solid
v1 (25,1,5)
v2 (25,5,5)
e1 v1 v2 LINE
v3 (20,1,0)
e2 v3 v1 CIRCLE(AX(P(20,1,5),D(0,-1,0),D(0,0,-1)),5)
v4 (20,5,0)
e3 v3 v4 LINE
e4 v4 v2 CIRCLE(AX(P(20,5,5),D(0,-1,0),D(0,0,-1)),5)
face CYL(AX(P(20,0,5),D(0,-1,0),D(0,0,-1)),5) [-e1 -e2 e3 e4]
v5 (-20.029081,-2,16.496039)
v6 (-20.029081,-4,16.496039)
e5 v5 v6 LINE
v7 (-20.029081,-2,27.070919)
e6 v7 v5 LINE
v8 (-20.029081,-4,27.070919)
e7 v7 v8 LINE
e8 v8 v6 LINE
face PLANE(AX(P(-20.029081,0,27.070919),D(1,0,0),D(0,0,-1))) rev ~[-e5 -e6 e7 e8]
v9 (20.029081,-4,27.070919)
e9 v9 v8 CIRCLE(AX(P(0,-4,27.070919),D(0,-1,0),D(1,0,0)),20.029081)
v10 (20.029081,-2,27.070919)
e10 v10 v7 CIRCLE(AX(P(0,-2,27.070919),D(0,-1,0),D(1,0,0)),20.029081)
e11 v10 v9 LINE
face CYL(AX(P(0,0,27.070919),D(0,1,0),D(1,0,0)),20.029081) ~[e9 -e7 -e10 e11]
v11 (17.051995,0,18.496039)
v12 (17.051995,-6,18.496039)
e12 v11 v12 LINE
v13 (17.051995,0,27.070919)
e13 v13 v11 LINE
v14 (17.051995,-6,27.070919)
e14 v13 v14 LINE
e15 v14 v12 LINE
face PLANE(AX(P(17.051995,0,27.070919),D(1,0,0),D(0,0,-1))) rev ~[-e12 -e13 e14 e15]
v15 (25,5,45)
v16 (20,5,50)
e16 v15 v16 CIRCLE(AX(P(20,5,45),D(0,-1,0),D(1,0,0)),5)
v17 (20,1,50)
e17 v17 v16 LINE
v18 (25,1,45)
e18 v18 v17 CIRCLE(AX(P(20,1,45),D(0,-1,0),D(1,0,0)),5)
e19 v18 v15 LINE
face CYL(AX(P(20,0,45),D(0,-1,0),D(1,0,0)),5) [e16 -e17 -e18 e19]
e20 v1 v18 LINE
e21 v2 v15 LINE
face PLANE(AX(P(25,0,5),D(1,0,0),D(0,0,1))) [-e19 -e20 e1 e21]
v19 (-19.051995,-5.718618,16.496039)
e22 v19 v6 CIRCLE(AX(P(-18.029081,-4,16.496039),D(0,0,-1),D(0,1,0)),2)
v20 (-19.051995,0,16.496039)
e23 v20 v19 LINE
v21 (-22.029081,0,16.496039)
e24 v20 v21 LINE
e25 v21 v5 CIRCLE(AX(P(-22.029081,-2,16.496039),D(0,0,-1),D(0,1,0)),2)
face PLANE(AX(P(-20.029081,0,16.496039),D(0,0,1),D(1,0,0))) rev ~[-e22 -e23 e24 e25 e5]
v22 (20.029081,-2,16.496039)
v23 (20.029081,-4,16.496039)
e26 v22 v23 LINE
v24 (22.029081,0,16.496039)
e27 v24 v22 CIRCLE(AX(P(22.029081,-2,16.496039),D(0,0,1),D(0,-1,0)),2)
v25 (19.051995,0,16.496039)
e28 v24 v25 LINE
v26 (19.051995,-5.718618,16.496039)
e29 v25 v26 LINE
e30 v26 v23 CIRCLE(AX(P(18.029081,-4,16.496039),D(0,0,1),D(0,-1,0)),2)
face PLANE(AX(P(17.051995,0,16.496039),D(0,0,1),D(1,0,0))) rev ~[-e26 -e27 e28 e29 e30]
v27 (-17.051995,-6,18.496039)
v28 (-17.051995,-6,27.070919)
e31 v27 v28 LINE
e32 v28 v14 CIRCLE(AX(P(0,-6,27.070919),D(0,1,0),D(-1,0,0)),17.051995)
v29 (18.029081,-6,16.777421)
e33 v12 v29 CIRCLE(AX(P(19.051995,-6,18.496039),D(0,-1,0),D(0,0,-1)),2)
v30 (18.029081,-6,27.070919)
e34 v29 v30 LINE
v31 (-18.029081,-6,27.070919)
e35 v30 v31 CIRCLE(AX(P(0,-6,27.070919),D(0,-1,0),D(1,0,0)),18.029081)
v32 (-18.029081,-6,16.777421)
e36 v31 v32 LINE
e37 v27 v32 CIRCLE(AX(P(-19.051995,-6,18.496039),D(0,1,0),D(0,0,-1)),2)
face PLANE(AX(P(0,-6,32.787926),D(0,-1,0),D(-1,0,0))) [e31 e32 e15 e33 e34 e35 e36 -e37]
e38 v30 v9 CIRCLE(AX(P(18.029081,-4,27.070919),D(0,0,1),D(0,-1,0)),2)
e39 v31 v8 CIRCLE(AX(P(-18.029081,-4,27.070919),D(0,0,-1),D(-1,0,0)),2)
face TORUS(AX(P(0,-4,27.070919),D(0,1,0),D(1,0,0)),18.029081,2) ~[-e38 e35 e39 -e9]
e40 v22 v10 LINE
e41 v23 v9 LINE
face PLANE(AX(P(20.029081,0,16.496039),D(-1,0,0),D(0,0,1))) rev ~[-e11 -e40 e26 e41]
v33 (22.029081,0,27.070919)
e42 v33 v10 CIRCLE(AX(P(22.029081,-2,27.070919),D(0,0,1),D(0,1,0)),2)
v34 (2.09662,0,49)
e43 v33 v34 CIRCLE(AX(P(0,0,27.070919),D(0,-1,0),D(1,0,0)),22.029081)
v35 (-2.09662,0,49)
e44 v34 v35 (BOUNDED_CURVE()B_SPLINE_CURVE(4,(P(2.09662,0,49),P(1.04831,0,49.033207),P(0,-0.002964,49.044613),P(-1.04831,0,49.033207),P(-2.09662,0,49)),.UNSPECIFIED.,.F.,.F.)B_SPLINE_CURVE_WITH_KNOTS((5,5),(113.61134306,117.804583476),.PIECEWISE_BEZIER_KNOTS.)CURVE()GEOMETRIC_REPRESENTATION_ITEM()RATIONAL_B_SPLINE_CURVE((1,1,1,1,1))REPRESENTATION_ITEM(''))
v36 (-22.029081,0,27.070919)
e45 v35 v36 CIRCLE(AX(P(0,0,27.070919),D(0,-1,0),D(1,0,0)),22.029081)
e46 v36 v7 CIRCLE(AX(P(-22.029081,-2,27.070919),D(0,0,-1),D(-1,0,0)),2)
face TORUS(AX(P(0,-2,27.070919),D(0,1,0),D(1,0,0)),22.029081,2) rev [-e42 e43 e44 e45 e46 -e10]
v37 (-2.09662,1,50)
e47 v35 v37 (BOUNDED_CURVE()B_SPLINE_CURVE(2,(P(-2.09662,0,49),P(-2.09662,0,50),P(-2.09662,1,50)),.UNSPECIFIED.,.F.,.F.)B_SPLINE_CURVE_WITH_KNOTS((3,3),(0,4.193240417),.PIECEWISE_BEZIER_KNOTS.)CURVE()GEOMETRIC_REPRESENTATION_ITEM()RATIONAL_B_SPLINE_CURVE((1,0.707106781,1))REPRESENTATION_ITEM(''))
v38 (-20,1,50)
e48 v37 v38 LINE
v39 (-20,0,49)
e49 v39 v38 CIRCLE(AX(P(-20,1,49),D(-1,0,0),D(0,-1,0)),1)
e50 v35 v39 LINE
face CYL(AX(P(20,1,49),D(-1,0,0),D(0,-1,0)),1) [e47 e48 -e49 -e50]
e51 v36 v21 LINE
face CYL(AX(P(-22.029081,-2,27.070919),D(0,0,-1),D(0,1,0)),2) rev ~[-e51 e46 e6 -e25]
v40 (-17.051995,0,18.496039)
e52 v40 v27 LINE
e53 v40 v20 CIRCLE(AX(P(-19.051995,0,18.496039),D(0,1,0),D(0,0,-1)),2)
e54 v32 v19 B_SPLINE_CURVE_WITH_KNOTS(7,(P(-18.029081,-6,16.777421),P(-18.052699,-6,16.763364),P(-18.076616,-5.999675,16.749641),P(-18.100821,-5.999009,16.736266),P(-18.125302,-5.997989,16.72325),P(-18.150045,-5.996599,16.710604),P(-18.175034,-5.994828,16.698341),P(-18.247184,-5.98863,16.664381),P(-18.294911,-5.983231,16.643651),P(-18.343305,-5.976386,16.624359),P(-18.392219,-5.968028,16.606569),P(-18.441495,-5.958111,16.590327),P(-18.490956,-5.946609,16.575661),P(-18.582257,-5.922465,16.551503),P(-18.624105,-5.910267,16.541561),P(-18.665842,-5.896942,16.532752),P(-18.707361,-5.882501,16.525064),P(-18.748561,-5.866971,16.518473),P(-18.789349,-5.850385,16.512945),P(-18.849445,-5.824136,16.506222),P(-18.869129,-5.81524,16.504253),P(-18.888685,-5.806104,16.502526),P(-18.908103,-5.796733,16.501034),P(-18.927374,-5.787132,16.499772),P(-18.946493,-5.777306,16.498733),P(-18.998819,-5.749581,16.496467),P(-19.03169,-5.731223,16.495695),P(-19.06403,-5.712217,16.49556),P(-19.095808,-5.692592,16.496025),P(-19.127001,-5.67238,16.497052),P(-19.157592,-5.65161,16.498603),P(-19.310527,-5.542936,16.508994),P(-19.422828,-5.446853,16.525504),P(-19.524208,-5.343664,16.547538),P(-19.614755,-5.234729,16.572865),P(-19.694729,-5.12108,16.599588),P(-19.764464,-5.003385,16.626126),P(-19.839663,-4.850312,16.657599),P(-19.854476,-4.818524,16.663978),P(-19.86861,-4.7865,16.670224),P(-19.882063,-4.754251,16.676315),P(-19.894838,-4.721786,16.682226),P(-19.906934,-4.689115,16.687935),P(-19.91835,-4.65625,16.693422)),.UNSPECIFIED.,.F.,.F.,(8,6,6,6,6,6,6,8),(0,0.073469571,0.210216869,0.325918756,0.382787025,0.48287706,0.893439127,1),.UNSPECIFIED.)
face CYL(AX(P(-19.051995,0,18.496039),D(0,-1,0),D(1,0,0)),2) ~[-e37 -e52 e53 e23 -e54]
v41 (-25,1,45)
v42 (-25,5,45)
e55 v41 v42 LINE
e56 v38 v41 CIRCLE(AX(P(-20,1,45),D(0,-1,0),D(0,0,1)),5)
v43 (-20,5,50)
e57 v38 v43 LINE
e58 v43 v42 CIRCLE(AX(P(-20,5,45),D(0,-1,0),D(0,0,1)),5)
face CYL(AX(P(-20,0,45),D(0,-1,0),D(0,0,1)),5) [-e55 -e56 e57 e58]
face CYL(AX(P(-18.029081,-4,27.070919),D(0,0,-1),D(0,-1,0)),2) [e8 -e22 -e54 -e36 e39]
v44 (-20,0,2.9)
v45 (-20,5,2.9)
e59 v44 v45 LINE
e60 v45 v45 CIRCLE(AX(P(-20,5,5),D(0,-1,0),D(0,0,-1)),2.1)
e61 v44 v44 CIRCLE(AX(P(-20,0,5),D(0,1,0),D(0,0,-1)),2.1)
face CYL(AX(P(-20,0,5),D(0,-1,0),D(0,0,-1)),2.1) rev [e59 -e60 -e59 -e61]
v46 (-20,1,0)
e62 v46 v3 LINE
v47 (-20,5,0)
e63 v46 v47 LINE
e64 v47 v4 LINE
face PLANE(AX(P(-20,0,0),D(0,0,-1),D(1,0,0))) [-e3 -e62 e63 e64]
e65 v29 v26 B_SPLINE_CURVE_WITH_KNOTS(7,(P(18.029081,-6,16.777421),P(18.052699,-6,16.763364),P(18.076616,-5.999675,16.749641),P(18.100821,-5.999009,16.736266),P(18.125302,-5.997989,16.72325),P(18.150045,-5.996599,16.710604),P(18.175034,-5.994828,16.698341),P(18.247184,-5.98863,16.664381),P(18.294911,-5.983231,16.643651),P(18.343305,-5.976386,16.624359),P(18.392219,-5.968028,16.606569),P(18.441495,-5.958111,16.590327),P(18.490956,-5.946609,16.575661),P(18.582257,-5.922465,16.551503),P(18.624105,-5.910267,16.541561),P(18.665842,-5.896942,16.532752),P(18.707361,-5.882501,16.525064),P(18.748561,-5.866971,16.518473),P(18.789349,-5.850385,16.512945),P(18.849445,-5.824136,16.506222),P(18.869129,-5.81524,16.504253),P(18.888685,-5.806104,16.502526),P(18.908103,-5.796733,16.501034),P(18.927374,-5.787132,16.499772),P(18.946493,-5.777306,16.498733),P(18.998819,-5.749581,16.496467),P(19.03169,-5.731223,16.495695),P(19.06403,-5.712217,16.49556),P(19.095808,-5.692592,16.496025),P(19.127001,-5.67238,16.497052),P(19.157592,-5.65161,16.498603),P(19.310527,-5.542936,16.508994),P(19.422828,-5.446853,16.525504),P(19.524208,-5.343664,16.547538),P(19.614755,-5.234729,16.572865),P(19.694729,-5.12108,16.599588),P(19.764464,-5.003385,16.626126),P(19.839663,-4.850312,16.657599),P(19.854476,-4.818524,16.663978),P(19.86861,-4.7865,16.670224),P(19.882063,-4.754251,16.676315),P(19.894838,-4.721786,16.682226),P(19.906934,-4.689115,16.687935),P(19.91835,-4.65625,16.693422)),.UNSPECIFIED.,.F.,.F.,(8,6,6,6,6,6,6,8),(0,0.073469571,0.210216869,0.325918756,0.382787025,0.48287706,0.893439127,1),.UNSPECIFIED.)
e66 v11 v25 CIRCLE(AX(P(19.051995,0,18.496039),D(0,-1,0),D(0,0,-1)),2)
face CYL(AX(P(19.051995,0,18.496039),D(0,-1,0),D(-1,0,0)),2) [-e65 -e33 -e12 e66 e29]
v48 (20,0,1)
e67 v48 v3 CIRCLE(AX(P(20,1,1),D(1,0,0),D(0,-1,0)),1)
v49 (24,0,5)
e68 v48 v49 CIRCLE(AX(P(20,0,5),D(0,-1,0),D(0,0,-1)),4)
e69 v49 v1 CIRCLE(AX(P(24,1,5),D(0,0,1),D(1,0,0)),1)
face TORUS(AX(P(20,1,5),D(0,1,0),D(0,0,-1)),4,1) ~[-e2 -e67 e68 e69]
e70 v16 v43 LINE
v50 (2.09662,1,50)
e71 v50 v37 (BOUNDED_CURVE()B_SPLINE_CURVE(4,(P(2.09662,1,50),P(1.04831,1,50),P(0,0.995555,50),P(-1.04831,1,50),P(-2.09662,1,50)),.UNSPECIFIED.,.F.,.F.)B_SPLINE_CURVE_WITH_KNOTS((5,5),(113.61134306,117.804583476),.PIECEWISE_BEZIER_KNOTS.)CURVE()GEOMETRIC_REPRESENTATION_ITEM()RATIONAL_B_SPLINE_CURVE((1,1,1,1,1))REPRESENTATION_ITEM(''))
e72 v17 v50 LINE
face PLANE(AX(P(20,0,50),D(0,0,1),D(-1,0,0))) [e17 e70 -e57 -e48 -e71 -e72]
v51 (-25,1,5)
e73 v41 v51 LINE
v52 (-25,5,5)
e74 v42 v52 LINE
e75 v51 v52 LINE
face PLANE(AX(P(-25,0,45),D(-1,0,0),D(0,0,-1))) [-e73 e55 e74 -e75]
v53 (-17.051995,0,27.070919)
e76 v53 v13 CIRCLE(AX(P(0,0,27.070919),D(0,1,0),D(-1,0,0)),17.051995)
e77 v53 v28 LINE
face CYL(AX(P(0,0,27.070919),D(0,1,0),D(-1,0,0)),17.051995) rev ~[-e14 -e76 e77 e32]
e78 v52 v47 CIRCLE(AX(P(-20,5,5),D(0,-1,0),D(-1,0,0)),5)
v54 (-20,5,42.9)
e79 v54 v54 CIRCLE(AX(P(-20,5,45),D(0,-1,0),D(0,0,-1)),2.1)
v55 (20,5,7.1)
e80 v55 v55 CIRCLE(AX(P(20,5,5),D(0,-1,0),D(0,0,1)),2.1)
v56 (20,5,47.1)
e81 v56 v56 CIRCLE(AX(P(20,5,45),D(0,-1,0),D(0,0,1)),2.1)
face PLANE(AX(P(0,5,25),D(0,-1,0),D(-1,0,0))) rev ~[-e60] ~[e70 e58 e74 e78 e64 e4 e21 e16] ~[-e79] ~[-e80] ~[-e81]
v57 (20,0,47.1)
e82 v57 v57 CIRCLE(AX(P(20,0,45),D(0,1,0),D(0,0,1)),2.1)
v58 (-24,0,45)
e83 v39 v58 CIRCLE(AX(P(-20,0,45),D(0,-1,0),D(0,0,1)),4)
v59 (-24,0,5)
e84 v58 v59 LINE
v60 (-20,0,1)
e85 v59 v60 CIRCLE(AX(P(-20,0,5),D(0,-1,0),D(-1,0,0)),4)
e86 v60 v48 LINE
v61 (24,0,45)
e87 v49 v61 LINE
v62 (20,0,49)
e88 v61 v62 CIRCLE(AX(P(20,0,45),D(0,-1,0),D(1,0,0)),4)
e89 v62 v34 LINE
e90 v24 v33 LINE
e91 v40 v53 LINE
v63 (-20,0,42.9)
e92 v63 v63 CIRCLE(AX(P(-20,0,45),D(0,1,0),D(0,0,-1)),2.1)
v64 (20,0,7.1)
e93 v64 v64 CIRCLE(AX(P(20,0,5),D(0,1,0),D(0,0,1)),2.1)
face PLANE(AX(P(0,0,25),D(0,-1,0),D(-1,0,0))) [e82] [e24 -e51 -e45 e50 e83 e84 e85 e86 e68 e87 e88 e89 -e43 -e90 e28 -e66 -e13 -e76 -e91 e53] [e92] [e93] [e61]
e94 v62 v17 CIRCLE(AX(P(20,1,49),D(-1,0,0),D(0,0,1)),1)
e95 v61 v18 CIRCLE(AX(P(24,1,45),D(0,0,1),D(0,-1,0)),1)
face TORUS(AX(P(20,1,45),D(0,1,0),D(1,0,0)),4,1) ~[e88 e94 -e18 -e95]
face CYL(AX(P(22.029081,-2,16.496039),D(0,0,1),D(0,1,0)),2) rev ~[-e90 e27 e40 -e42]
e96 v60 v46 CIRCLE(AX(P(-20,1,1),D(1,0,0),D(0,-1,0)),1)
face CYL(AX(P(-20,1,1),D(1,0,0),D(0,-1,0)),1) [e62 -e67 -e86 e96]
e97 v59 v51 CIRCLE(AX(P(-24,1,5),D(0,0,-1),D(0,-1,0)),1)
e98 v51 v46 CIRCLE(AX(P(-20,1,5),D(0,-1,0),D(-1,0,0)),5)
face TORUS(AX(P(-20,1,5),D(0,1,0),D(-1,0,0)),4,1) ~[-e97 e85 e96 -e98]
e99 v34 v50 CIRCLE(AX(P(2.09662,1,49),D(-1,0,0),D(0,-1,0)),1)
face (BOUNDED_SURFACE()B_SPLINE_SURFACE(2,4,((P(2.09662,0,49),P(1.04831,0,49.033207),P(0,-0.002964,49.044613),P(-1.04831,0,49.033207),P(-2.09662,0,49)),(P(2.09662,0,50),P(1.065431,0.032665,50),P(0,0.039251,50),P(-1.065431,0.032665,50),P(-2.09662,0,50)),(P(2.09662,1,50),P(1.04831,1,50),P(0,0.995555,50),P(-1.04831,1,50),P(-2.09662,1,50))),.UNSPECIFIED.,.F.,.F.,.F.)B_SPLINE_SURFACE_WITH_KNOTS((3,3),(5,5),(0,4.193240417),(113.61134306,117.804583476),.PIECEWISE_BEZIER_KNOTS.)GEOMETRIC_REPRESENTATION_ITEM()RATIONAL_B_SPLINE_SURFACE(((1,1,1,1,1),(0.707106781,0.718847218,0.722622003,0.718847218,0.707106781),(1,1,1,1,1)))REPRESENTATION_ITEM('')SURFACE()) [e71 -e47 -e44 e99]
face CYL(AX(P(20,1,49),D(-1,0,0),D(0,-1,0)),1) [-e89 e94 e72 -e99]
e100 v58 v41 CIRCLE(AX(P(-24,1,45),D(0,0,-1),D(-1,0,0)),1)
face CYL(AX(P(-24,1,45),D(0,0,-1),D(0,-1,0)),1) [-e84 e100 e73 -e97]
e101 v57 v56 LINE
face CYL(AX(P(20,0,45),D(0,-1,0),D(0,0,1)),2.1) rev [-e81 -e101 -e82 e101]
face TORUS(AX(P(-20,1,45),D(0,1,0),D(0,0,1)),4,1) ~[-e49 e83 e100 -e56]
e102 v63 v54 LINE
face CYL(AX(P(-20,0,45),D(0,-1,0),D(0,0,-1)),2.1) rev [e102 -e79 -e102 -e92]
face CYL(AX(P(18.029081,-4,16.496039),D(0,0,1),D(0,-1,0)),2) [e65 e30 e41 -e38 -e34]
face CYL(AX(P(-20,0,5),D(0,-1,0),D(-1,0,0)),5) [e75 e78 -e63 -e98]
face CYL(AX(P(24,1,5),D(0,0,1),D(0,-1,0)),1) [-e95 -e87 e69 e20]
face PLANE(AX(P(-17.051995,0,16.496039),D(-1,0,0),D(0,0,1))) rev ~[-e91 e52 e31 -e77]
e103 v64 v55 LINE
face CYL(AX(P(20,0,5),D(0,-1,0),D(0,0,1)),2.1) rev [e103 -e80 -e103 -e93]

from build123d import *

# Parameters (mm, degrees)
BOSS_EXTRUDE1_DEPTH = 5
SKETCH1_3_R         = 2.1
CUT_EXTRUDE1_DEPTH  = 57.124860802
SKETCH1_4_R         = 2.1
CUT_EXTRUDE2_DEPTH  = 57.124860802
SKETCH1_5_R         = 2.1
CUT_EXTRUDE3_DEPTH  = 57.124860802
SKETCH1_6_R         = 2.1
CUT_EXTRUDE4_DEPTH  = 57.124860802
BOSS_EXTRUDE2_DEPTH = 6
FILLET1_R           = 2
FILLET2_R           = 2
FILLET3_R           = 2
FILLET4_R           = 2
FILLET5_R           = 1


with BuildPart() as part:
    # Sketch1 → Boss-Extrude1 (new body)
    with BuildSketch(Plane(origin=(0, 0, 0), x_dir=(1, 0, 0), z_dir=(0, 1, 0))):
        with BuildLine():
            Line((-20, 0), (20, 0))
            ThreePointArc((20, 0), (23.535533906, -1.464466094), (25, -5))
            Line((25, -5), (25, -45))
            ThreePointArc((25, -45), (23.535533906, -48.535533906), (20, -50))
            Line((20, -50), (-20, -50))
            ThreePointArc((-20, -50), (-23.535533906, -48.535533906), (-25, -45))
            Line((-25, -45), (-25, -5))
            ThreePointArc((-25, -5), (-23.535533906, -1.464466094), (-20, 0))
        make_face()
    extrude(amount=BOSS_EXTRUDE1_DEPTH)

    # Sketch1<3> → Cut-Extrude1 (cut, through all)
    with BuildSketch(Plane(origin=(0, 0, 0), x_dir=(1, 0, 0), z_dir=(0, 1, 0))):
        with Locations((20, -45)):
            Circle(SKETCH1_3_R)
    extrude(amount=CUT_EXTRUDE1_DEPTH, mode=Mode.SUBTRACT)

    # Sketch1<4> → Cut-Extrude2 (cut, through all)
    with BuildSketch(Plane(origin=(0, 0, 0), x_dir=(1, 0, 0), z_dir=(0, 1, 0))):
        with Locations((20, -5)):
            Circle(SKETCH1_4_R)
    extrude(amount=CUT_EXTRUDE2_DEPTH, mode=Mode.SUBTRACT)

    # Sketch1<5> → Cut-Extrude3 (cut, through all)
    with BuildSketch(Plane(origin=(0, 0, 0), x_dir=(1, 0, 0), z_dir=(0, 1, 0))):
        with Locations((-20, -5)):
            Circle(SKETCH1_5_R)
    extrude(amount=CUT_EXTRUDE3_DEPTH, mode=Mode.SUBTRACT)

    # Sketch1<6> → Cut-Extrude4 (cut, through all)
    with BuildSketch(Plane(origin=(0, 0, 0), x_dir=(1, 0, 0), z_dir=(0, 1, 0))):
        with Locations((-20, -45)):
            Circle(SKETCH1_6_R)
    extrude(amount=CUT_EXTRUDE4_DEPTH, mode=Mode.SUBTRACT)

    # Sketch1<8> → Boss-Extrude2 (add)
    with BuildSketch(Plane(origin=(0, 0, 0), x_dir=(1, 0, 0), z_dir=(0, 1, 0))):
        with BuildLine():
            Line((17.051994501, -27.070918511), (17.051994501, -16.496039026))
            Line((17.051994501, -16.496039026), (20.029081489, -16.496039026))
            Line((20.029081489, -16.496039026), (20.029081489, -27.070918511))
            ThreePointArc((20.029081489, -27.070918511), (0, -47.1), (-20.029081489, -27.070918511))
            Line((-20.029081489, -27.070918511), (-20.029081489, -16.496039026))
            Line((-20.029081489, -16.496039026), (-17.051994501, -16.496039026))
            Line((-17.051994501, -16.496039026), (-17.051994501, -27.070918511))
            ThreePointArc((-17.051994501, -27.070918511), (0, -44.122913013), (17.051994501, -27.070918511))
        make_face()
    extrude(amount=-BOSS_EXTRUDE2_DEPTH)

    # Fillet1
    fillet1_edges = [part.edges().sort_by_distance(p)[0] for p in [
        (-20.029081489, 0, 21.783478769),
        (20.029081489, 0, 21.783478769),
        (0, 0, 47.1),
    ]]
    fillet(fillet1_edges, radius=FILLET1_R)

    # Fillet2
    fillet2_edges = [part.edges().sort_by_distance(p)[0] for p in [
        (17.051994501, -3, 16.496039026),
    ]]
    fillet(fillet2_edges, radius=FILLET2_R)

    # Fillet3
    fillet3_edges = [part.edges().sort_by_distance(p)[0] for p in [
        (-17.051994501, -3, 16.496039026),
    ]]
    fillet(fillet3_edges, radius=FILLET3_R)

    # Fillet4
    fillet4_edges = [part.edges().sort_by_distance(p)[0] for p in [
        (-20.029081489, -6, 21.783478769),
        (0, -6, 47.1),
        (20.029081489, -6, 21.783478769),
    ]]
    fillet(fillet4_edges, radius=FILLET4_R)

    # Fillet5
    fillet5_edges = [part.edges().sort_by_distance(p)[0] for p in [
        (-23.535533906, 0, 1.464466094),
        (23.535533906, 0, 1.464466094),
        (25, 0, 25),
        (23.535533906, 0, 48.535533906),
        (0, 0, 50),
        (-23.535533906, 0, 48.535533906),
        (-25, 0, 25),
        (0, 0, 0),
    ]]
    fillet(fillet5_edges, radius=FILLET5_R)


solid = part.part
